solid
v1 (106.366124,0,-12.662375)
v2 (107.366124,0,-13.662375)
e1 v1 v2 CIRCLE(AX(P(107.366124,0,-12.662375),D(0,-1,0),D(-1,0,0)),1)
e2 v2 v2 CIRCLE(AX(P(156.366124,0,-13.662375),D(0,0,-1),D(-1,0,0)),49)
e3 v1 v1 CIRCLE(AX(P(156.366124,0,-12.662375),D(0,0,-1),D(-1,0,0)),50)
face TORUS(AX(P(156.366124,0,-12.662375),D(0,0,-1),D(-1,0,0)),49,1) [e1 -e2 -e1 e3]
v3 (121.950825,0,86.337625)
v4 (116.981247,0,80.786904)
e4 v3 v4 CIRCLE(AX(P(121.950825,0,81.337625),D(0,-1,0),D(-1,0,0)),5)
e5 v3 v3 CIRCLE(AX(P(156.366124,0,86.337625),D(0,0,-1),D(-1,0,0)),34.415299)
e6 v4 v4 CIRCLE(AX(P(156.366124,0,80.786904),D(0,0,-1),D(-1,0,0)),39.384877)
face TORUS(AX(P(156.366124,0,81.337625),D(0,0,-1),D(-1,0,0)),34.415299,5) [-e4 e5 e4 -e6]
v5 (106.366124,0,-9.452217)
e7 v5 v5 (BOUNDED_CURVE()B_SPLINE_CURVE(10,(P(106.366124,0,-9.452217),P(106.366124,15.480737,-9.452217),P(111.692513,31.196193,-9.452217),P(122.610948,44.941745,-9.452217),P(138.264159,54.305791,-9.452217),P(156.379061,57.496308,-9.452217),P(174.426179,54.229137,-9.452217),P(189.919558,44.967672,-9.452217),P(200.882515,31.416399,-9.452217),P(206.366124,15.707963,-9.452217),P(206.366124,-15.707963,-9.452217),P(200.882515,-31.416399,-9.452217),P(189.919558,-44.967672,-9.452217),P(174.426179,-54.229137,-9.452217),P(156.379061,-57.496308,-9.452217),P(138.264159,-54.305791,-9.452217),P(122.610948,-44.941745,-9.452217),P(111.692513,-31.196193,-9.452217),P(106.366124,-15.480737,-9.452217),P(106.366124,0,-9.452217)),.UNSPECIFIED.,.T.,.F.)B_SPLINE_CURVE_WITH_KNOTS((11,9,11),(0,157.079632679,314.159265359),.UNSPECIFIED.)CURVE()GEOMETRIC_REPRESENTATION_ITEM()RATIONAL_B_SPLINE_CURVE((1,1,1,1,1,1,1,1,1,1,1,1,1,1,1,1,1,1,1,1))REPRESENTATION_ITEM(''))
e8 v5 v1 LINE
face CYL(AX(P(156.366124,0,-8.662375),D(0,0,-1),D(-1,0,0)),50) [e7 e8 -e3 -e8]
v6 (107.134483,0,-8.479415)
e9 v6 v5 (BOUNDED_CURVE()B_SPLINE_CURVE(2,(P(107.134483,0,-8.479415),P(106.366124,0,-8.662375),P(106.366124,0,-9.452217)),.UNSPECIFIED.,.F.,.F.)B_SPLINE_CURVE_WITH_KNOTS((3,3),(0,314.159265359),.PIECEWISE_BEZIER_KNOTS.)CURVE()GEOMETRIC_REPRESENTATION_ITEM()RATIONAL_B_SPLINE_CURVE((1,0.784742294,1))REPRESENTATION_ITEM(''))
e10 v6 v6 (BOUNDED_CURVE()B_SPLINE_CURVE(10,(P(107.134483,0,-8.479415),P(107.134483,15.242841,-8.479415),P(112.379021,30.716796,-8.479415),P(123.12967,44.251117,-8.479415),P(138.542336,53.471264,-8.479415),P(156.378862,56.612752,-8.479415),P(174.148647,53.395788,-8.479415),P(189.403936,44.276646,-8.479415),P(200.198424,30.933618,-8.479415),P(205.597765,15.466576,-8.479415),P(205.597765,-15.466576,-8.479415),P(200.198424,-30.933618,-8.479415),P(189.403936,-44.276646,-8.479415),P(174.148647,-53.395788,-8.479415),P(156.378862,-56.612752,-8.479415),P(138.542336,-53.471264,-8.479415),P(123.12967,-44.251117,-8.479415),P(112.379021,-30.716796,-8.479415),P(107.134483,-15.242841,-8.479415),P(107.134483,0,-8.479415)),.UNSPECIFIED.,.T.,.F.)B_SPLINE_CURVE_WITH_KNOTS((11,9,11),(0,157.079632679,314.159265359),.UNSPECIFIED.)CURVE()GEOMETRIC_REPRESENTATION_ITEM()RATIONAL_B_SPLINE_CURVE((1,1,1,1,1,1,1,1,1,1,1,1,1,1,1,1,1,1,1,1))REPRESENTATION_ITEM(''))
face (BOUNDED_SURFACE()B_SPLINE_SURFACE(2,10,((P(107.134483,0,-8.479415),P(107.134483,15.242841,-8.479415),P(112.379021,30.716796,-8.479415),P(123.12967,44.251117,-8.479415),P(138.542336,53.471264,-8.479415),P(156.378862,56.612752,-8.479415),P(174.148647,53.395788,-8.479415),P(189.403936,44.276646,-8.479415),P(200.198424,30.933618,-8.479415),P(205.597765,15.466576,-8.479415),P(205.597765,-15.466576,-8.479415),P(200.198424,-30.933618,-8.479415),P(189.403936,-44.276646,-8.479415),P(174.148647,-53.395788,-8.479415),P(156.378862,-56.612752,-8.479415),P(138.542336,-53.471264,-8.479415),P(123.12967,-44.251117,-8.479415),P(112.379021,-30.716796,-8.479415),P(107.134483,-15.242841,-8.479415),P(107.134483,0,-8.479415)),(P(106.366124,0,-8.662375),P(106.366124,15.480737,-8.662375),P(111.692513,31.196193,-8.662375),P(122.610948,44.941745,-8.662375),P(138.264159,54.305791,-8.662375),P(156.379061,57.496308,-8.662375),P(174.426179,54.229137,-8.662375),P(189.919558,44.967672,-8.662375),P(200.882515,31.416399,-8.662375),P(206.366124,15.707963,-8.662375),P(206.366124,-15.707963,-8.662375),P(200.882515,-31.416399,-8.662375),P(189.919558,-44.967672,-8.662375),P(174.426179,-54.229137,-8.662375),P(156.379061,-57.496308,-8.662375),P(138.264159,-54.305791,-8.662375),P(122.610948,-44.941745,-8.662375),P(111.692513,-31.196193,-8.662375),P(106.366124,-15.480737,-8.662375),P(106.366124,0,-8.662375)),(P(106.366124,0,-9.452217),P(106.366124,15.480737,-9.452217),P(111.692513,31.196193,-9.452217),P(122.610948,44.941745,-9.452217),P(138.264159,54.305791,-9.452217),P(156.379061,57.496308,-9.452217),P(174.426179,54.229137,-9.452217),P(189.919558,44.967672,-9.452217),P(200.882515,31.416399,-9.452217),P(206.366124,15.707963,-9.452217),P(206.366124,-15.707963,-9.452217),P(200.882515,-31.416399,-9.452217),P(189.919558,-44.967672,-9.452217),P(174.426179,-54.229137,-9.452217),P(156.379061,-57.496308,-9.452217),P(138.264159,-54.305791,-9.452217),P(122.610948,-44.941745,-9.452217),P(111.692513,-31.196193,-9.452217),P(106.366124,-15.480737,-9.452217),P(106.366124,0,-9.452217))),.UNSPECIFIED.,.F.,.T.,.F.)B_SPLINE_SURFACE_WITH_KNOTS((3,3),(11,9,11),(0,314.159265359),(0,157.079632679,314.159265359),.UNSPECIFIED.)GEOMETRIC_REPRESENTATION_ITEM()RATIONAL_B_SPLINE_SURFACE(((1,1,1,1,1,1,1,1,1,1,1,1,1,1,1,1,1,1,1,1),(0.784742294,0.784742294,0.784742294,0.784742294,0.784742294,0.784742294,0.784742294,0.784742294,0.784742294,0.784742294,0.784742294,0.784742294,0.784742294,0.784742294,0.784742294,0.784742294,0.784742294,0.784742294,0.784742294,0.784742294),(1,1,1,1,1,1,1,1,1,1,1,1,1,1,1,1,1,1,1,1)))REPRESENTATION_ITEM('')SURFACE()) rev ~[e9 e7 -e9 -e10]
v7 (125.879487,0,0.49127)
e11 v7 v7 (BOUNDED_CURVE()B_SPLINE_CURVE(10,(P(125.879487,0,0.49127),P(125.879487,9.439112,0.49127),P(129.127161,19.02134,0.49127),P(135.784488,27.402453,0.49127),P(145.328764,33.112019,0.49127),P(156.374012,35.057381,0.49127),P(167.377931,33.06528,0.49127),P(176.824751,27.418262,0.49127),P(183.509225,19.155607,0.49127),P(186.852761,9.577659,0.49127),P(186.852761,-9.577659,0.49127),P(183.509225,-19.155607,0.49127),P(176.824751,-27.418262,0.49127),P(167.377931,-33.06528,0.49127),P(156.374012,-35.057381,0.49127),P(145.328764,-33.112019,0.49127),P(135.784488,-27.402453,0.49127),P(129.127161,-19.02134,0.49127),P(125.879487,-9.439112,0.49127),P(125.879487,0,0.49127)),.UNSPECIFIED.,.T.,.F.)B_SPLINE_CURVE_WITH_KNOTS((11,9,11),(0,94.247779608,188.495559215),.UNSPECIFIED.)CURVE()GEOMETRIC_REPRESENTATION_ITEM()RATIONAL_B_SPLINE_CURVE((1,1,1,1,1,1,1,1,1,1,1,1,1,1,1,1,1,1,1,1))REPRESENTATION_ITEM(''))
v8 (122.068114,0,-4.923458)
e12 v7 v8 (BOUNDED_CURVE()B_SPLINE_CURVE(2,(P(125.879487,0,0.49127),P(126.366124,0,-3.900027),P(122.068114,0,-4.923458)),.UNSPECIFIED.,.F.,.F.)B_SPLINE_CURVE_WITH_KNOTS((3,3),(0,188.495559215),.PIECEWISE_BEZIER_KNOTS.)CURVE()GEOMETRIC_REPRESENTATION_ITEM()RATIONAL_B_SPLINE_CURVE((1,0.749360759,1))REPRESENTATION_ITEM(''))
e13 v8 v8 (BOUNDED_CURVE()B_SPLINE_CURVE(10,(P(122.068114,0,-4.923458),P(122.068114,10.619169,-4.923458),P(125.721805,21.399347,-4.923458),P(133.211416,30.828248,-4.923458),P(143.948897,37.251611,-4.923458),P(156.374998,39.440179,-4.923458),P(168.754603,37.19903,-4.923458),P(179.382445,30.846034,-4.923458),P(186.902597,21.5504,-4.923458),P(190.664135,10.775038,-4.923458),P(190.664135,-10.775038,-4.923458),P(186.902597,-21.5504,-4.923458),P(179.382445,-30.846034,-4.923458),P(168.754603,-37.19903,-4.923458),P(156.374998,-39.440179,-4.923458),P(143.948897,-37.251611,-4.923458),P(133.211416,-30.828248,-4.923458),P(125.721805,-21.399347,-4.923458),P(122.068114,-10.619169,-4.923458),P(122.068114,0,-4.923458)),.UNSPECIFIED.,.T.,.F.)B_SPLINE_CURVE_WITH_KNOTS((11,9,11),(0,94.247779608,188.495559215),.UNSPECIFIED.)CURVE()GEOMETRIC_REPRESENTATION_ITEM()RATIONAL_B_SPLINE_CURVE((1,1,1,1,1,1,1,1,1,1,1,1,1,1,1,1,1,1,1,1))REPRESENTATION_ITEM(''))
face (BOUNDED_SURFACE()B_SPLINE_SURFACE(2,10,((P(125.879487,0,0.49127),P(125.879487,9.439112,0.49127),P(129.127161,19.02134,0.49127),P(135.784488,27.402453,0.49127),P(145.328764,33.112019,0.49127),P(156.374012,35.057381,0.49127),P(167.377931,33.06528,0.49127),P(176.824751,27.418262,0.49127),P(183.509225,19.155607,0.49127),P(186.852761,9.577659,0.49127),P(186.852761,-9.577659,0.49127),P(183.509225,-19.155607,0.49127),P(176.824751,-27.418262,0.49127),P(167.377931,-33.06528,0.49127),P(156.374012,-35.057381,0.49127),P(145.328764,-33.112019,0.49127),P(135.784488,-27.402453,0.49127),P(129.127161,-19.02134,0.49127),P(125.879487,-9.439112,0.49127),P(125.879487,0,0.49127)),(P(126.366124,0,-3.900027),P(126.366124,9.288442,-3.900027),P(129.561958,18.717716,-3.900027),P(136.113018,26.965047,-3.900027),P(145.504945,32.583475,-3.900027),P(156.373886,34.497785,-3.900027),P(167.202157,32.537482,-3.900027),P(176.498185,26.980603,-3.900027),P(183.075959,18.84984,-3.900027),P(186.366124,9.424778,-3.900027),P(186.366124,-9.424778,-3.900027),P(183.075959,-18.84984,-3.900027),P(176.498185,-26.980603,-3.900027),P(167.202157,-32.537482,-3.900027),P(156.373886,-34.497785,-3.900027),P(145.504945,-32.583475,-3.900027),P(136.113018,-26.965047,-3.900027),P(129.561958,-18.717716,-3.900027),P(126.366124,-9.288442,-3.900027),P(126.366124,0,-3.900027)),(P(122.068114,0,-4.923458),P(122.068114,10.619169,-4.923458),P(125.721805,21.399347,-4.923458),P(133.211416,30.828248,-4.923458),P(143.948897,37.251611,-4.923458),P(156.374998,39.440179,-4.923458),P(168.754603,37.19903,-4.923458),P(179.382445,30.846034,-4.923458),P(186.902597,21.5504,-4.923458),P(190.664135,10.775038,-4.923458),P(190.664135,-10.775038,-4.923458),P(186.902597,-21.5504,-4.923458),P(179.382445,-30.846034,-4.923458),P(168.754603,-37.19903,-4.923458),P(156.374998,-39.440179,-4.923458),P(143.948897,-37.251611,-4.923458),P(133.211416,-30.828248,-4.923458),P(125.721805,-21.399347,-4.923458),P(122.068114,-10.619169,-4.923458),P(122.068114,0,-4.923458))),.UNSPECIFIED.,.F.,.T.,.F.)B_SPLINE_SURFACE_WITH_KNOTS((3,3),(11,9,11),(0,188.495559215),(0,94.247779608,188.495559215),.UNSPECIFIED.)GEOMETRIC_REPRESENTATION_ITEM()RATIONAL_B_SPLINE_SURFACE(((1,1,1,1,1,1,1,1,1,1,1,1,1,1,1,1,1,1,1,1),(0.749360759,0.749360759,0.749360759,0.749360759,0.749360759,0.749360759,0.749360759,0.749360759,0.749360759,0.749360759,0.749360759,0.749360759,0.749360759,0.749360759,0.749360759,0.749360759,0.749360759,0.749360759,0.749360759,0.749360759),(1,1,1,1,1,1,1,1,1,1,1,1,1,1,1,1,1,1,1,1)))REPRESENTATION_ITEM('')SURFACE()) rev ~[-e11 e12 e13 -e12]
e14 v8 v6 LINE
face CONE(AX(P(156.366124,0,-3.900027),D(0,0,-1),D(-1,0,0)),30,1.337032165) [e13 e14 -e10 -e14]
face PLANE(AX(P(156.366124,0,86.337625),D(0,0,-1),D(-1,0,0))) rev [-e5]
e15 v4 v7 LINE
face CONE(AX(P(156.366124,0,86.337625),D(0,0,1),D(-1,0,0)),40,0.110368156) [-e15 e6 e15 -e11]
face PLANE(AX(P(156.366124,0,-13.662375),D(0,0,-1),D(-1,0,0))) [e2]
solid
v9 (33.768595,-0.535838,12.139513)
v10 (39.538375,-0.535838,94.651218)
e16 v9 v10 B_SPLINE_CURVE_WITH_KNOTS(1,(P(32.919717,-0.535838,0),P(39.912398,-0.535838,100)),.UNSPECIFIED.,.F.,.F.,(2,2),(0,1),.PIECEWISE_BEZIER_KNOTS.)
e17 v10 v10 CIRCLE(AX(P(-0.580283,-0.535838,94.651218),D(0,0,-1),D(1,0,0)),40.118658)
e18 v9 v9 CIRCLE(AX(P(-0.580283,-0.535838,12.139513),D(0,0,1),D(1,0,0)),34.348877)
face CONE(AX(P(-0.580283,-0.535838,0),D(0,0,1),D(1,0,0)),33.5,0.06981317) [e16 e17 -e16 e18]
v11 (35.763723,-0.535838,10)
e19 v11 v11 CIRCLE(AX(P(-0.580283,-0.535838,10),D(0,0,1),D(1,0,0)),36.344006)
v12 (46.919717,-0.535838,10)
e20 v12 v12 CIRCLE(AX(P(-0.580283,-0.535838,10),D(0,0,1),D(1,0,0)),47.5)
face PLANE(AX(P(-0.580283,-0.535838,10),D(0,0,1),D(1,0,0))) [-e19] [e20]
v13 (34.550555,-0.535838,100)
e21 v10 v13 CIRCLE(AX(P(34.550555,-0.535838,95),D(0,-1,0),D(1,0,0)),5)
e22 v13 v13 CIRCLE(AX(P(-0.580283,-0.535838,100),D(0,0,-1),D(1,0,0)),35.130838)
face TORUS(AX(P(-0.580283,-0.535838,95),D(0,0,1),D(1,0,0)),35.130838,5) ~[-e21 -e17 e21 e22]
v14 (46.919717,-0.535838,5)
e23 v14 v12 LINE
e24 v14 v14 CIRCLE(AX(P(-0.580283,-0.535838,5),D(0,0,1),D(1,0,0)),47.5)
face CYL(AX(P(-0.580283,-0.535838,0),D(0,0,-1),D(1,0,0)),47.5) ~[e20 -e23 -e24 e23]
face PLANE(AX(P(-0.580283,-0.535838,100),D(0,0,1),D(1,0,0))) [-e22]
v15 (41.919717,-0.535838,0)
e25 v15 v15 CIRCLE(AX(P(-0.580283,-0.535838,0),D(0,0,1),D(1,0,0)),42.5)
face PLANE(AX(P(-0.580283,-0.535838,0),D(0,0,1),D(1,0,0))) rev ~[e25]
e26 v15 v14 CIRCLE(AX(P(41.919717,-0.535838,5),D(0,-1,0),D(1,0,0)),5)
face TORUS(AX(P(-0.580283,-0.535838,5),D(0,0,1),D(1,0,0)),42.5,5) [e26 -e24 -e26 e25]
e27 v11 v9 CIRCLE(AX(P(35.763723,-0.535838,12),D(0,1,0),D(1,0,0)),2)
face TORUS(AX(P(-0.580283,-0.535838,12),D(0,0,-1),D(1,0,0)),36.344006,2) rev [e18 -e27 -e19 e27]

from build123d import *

# Parameters (mm, degrees)
F0_R     = 47.5
F0_R_2   = 33.5
F1_DEPTH = 10
F2_DEPTH = 100
F2_TAPER = -4
F3_R     = 5
F4_R     = 2
F5_R     = 5
F8_R     = 5
F9_R     = 1


with BuildPart() as f1:
    # F0 (on Top) → F1 (new body)
    with BuildSketch(Plane.XY):
        with Locations((-0.5802828819, -0.535838306)):
            Circle(F0_R)
        with Locations((-0.5802828819, -0.535838306)):
            Circle(F0_R_2, mode=Mode.SUBTRACT)
        with Locations((-0.5802828819, -0.535838306)):
            Circle(F0_R_2)
    extrude(amount=F1_DEPTH)

    # F0 (on Top) → F2 (join)
    with BuildSketch(Plane.XY):
        with Locations((-0.5802828819, -0.535838306)):
            Circle(F0_R_2)
    extrude(amount=F2_DEPTH, taper=F2_TAPER)

    # F3
    f3_edges = [f1.edges().sort_by_distance(p)[0] for p in [
        (-48.080283, -0.535838, 0),
    ]]
    fillet(f3_edges, radius=F3_R)

    # F4
    f4_edges = [f1.edges().sort_by_distance(p)[0] for p in [
        (-34.779551, -0.535838, 10),
    ]]
    fillet(f4_edges, radius=F4_R)

    # F5
    f5_edges = [f1.edges().sort_by_distance(p)[0] for p in [
        (-41.072964, -0.535838, 100),
    ]]
    fillet(f5_edges, radius=F5_R)


with BuildPart() as f7:
    # F6 (on Front) → F7 (revolve)
    with BuildSketch(Plane.XZ):
        Polygon((156.3661242497, -13.6623751307), (156.3661242497, 86.3376248693), (116.3661242497, 86.3376248693), (126.3661242497, -3.9000269668), (106.3661242497, -8.6623751307), (106.3661242497, -13.6623751307), align=None)
    revolve(axis=Axis((156.3661242497, 0, 36.3376248693), (0, 0, -1)))

    # F8
    f8_edges = [f7.edges().sort_by_distance(p)[0] for p in [
        (196.366124, 0, 86.337625),
        (186.366124, 0, -3.900027),
    ]]
    fillet(f8_edges, radius=F8_R)

    # F9
    f9_edges = [f7.edges().sort_by_distance(p)[0] for p in [
        (206.366124, 0, -8.662375),
        (206.366124, 0, -13.662375),
        (106.366124, 0, -11.162375),
    ]]
    fillet(f9_edges, radius=F9_R)


solid = Compound([f1.part, f7.part])
